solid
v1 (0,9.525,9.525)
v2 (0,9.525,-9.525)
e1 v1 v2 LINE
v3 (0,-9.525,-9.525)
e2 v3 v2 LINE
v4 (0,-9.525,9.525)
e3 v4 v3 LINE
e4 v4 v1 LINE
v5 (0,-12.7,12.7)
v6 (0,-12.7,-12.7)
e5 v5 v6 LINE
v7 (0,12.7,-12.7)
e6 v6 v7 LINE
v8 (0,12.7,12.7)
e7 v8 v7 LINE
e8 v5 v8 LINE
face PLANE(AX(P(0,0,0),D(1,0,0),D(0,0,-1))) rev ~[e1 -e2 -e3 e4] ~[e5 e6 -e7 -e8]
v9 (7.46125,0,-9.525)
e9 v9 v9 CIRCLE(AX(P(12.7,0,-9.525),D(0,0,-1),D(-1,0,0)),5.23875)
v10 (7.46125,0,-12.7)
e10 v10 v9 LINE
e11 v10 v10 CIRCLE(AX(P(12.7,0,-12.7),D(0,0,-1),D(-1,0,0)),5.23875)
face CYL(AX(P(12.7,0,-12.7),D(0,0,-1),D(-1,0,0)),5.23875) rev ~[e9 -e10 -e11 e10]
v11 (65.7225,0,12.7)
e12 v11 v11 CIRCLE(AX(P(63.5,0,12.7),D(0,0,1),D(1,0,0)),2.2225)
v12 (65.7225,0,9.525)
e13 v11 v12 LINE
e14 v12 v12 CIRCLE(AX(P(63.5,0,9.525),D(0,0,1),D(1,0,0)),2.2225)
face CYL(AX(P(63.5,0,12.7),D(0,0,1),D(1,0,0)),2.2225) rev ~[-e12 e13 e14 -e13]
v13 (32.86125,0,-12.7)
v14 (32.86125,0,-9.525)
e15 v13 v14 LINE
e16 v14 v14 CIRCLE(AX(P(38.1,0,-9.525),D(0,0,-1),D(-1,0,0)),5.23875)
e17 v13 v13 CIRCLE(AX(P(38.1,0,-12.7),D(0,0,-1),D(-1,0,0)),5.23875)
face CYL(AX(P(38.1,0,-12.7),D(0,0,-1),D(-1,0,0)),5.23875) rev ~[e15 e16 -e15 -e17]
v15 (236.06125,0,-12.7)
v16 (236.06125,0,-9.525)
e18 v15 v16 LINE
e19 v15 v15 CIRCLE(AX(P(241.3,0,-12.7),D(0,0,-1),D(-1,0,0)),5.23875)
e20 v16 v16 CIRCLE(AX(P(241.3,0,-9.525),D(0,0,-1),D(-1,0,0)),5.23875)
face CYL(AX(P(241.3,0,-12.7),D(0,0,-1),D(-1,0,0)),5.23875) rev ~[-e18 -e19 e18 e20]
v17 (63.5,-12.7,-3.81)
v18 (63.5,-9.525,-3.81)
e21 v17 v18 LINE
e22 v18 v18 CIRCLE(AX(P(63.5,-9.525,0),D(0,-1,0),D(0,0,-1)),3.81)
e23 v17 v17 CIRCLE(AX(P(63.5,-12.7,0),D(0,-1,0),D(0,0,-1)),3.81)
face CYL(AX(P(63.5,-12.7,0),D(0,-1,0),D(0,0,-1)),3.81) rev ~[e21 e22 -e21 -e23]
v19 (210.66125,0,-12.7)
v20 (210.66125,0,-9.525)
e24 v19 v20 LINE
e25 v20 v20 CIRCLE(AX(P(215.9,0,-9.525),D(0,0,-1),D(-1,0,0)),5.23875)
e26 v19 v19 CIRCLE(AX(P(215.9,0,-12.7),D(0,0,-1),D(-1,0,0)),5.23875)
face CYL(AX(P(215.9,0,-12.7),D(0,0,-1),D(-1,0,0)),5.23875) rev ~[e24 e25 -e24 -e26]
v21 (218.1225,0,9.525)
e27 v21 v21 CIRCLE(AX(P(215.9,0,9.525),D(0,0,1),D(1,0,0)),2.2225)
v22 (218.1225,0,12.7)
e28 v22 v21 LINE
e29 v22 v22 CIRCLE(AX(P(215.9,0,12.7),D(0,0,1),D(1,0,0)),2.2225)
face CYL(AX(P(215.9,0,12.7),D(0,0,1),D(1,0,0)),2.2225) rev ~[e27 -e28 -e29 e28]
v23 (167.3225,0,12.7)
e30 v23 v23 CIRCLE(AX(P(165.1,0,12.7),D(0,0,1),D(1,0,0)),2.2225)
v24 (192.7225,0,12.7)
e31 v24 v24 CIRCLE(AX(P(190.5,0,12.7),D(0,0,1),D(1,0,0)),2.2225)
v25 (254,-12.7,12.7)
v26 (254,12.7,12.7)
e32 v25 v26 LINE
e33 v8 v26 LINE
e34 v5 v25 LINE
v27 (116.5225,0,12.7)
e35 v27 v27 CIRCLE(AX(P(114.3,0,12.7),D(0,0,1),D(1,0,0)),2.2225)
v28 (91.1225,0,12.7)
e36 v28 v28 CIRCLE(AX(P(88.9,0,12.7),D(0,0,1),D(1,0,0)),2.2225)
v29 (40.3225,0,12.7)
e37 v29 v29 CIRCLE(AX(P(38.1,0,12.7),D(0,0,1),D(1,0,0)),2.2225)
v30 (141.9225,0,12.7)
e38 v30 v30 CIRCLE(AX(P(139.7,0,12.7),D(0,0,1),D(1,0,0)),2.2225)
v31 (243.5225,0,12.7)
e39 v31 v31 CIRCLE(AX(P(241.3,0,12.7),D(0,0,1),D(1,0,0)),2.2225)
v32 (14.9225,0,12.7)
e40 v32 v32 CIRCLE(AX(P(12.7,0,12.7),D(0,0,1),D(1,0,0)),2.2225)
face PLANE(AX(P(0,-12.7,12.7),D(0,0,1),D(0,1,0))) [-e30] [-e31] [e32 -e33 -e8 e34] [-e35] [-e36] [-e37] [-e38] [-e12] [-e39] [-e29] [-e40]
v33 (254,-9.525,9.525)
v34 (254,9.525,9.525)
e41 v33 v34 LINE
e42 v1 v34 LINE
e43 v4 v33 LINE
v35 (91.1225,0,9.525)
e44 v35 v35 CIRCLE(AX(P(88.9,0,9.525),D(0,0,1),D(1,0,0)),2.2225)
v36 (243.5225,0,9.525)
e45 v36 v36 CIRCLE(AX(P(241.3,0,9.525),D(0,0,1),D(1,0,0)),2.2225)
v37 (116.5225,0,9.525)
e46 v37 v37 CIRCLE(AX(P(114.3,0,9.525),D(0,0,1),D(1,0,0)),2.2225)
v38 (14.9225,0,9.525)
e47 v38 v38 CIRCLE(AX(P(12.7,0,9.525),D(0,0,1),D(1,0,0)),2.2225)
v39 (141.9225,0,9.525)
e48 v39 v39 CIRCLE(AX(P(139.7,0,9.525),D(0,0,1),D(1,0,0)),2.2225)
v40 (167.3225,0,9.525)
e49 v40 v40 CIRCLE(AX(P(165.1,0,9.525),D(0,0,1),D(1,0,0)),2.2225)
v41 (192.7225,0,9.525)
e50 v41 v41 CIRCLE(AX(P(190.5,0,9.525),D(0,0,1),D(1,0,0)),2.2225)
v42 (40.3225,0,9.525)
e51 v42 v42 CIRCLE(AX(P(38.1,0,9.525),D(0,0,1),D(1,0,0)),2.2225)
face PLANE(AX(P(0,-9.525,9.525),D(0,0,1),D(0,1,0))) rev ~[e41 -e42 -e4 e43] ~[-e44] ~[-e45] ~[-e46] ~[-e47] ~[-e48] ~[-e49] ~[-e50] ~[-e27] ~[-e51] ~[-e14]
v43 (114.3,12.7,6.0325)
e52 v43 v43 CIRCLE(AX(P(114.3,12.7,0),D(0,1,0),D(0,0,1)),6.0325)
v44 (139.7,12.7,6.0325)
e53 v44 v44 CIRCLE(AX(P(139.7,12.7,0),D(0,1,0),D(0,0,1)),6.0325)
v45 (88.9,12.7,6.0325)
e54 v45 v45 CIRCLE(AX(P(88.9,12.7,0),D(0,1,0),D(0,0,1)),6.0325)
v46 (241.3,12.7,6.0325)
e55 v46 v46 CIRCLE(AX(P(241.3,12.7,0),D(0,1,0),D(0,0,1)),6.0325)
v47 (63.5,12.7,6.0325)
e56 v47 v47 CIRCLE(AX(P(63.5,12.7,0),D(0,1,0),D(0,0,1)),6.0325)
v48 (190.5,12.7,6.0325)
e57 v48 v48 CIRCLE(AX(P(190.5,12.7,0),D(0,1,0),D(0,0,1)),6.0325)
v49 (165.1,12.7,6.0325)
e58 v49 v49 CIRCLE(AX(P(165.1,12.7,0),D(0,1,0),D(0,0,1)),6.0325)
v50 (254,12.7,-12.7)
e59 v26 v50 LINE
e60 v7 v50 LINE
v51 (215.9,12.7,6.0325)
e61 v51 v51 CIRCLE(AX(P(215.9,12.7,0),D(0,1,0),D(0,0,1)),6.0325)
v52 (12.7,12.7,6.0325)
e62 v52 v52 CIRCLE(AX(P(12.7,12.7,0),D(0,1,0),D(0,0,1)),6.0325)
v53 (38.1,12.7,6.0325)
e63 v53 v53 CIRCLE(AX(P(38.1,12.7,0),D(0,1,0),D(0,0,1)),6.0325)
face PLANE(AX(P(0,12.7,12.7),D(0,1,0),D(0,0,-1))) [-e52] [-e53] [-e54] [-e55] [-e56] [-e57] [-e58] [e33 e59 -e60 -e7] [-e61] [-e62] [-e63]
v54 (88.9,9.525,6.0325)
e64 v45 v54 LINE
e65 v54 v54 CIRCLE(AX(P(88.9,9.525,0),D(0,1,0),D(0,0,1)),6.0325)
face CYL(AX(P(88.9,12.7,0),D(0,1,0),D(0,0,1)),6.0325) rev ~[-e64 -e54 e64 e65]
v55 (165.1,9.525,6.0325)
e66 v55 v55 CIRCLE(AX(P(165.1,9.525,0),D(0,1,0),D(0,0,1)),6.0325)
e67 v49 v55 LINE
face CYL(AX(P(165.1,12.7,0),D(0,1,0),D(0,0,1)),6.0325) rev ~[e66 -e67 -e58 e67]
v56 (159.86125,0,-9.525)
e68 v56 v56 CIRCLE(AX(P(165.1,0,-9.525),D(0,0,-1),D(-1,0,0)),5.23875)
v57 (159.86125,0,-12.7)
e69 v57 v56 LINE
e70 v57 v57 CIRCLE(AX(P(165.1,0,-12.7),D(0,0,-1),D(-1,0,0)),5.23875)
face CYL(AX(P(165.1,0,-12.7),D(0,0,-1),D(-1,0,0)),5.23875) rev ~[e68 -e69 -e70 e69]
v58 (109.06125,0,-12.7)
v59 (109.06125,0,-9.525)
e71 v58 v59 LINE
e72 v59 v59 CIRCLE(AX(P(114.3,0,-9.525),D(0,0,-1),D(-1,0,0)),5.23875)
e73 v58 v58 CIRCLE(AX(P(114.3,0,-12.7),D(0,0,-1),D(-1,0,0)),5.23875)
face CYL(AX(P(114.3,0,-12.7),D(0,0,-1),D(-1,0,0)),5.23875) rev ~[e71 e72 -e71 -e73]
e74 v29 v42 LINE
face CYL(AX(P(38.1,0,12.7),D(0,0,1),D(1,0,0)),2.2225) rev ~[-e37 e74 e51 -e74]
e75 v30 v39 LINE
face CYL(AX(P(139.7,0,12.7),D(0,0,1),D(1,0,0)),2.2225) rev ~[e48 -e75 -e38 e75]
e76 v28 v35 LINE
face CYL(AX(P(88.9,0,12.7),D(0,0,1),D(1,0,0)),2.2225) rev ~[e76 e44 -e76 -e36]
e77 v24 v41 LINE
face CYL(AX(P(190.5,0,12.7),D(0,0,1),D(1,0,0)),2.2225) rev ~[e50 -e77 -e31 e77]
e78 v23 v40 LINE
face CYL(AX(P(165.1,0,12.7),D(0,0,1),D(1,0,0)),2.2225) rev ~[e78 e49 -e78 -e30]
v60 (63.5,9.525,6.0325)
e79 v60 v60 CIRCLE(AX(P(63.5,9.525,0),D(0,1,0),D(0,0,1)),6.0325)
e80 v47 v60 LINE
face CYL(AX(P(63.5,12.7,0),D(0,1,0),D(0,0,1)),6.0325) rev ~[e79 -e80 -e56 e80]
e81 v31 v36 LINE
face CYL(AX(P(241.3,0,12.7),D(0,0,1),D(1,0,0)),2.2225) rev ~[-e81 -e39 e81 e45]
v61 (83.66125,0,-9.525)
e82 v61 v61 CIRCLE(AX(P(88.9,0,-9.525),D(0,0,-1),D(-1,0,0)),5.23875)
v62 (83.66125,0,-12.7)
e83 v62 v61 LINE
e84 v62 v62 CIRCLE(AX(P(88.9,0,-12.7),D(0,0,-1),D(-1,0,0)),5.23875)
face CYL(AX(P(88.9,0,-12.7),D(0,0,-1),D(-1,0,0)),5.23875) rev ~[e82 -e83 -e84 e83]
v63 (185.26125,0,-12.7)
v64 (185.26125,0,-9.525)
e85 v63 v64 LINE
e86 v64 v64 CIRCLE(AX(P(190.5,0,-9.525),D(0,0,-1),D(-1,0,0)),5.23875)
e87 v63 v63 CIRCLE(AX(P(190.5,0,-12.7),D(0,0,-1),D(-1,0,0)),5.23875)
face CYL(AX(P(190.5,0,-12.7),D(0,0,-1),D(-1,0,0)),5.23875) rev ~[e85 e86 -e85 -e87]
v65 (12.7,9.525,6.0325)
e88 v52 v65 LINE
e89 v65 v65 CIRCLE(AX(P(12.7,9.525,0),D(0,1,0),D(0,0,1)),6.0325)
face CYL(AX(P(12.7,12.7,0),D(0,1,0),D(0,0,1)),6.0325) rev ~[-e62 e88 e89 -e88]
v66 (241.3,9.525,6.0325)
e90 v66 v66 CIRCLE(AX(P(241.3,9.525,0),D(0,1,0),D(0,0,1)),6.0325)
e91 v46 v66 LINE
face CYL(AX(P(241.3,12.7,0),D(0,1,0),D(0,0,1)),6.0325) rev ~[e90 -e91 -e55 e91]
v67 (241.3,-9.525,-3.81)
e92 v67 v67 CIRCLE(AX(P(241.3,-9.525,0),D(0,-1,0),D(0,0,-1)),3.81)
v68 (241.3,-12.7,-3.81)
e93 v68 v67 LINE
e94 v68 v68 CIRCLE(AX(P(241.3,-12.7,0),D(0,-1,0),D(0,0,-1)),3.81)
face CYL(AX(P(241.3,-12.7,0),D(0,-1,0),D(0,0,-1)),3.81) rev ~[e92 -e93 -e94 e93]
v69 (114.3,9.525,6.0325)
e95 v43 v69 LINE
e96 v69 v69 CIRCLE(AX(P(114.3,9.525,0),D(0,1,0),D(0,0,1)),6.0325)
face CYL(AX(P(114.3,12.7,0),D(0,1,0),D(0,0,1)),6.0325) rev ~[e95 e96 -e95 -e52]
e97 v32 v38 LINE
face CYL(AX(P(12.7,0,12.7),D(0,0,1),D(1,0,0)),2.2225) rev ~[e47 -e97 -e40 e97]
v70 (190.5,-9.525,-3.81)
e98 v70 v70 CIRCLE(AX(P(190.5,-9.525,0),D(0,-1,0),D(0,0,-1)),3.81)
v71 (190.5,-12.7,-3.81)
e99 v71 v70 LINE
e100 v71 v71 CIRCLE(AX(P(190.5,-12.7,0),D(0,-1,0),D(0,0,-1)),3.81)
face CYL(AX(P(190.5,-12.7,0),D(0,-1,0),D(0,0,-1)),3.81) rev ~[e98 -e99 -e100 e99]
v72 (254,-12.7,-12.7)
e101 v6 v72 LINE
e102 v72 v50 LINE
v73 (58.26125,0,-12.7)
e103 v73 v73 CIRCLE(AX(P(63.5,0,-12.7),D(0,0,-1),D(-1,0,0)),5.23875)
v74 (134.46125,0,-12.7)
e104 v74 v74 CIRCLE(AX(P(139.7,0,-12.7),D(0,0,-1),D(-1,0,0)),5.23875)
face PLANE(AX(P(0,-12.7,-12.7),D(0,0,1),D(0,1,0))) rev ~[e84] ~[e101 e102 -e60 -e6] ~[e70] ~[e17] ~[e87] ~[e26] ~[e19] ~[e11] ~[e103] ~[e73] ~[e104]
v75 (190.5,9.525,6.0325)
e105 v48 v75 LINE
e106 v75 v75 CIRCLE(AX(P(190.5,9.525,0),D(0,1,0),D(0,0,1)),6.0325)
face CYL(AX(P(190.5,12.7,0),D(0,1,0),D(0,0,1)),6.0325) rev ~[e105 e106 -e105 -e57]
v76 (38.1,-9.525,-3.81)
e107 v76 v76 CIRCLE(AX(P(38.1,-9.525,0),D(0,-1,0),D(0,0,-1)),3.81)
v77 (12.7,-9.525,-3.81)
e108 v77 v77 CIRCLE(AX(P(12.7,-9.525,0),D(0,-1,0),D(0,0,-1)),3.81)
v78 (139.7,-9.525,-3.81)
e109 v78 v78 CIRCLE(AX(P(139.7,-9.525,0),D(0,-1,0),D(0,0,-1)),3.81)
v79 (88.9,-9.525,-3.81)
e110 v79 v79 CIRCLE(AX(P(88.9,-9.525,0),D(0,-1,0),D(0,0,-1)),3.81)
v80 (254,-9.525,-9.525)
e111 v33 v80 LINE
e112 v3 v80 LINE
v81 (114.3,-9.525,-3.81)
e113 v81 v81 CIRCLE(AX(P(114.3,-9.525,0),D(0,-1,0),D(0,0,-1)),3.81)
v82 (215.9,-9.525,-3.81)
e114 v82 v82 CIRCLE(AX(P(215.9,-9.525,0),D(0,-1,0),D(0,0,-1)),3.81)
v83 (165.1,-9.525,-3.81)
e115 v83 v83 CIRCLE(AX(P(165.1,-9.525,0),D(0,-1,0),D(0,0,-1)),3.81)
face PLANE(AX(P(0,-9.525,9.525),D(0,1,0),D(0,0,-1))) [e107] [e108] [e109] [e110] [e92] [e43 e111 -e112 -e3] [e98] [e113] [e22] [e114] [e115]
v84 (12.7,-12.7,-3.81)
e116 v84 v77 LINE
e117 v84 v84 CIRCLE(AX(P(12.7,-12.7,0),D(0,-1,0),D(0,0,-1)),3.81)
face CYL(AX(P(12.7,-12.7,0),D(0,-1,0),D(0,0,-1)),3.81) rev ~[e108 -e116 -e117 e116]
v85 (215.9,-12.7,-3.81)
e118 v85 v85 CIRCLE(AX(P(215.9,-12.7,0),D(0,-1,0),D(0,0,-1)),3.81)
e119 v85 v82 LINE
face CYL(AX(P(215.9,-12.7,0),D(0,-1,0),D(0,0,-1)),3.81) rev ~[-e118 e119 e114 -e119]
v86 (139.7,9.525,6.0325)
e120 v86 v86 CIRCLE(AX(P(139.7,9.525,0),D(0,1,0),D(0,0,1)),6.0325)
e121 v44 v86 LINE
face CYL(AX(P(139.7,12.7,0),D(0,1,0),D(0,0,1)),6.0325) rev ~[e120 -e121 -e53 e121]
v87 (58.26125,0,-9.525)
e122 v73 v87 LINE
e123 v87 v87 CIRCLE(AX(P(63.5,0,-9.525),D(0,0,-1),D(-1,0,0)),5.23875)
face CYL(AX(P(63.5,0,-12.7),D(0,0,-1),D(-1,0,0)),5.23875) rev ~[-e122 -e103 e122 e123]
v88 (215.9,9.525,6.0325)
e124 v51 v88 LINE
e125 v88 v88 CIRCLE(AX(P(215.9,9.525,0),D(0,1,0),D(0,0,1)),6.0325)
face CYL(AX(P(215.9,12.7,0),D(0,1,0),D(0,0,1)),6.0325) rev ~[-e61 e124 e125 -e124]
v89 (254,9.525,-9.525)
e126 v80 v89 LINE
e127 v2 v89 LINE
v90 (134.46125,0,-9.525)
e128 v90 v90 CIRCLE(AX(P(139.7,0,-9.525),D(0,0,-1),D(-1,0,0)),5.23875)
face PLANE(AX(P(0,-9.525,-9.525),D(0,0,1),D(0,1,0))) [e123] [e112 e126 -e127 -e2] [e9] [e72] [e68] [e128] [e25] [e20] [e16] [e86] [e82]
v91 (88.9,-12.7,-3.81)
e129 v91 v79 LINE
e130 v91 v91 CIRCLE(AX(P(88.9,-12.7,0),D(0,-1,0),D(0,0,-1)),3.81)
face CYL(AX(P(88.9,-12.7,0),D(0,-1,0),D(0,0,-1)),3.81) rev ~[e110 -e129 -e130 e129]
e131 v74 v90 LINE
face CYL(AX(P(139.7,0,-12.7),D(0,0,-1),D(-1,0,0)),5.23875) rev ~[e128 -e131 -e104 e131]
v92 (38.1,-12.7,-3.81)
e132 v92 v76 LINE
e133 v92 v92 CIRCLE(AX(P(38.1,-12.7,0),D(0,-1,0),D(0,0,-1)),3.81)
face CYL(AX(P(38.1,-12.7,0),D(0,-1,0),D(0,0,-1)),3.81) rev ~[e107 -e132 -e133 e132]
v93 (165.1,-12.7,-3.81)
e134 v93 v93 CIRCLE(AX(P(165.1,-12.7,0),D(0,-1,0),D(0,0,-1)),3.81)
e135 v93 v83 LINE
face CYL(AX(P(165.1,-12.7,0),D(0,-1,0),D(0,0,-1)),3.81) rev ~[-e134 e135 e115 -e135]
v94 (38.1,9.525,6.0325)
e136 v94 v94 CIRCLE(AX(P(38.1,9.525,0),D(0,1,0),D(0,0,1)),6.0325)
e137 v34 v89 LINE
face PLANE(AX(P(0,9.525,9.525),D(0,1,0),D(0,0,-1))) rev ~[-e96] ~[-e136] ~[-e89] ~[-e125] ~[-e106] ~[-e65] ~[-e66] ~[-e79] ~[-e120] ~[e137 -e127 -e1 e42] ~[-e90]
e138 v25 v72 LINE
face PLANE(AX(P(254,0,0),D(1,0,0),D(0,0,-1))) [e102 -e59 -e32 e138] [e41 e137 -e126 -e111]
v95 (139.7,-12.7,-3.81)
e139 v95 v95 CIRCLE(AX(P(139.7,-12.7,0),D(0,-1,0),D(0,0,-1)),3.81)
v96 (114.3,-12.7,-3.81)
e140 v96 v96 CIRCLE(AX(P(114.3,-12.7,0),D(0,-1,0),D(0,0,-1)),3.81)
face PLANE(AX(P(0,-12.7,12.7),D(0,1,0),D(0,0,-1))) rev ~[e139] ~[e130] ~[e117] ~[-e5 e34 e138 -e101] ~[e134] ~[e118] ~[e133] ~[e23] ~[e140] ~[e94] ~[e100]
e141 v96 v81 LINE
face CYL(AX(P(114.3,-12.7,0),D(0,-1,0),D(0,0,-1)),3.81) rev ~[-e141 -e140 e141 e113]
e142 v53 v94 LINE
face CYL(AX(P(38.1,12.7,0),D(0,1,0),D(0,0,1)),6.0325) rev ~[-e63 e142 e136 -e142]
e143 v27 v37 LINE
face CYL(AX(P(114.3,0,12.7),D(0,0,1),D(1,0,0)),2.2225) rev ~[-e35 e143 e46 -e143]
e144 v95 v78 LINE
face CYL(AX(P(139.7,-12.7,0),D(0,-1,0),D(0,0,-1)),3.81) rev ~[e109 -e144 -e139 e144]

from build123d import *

# Parameters (mm, degrees)
SKETCH2_W           = 25.4
SKETCH2_H           = 25.4
SKETCH2_W_2         = 19.05
SKETCH2_H_2         = 19.05
BOSS_EXTRUDE1_DEPTH = 254
SKETCH3_R           = 6.0325
CUT_EXTRUDE1_DEPTH  = 3.175
SKETCH4_R           = 3.81
CUT_EXTRUDE2_DEPTH  = 3.175
LPATTERN1_COUNT     = 10
LPATTERN1_PITCH     = 25.4
SKETCH6_R           = 2.2225
CUT_EXTRUDE3_DEPTH  = 3.175
SKETCH7_R           = 5.23875
CUT_EXTRUDE4_DEPTH  = 3.175
LPATTERN2_COUNT     = 10
LPATTERN2_PITCH     = 25.4


with BuildPart() as part:
    # Sketch2 → Boss-Extrude1 (new body)
    with BuildSketch(Plane(origin=(0, 0, 0), x_dir=(0, 0, -1), z_dir=(1, 0, 0))):
        Rectangle(SKETCH2_W, SKETCH2_H)
        Rectangle(SKETCH2_W_2, SKETCH2_H_2, mode=Mode.SUBTRACT)
    extrude(amount=BOSS_EXTRUDE1_DEPTH)

    # Sketch3 → Cut-Extrude1 (cut)
    with BuildSketch(Plane(origin=(0, 12.7, 0), x_dir=(1, 0, 0), z_dir=(0, 1, 0))):
        with Locations(Location((12.7, 0, 0), (0, 0, 270))):
            Circle(SKETCH3_R)
    cut_extrude1 = extrude(amount=-CUT_EXTRUDE1_DEPTH, mode=Mode.SUBTRACT)

    # Sketch4 → Cut-Extrude2 (cut)
    with BuildSketch(Plane.XZ.offset(12.7)):
        with Locations(Location((12.7, 0, 0), (0, 0, 270))):
            Circle(SKETCH4_R)
    cut_extrude2 = extrude(amount=-CUT_EXTRUDE2_DEPTH, mode=Mode.SUBTRACT)

    # LPattern1: Cut-Extrude1, Cut-Extrude2 ×10
    with Locations(*[(i * LPATTERN1_PITCH, 0, 0) for i in range(1, LPATTERN1_COUNT)]):
        add(cut_extrude1, mode=Mode.SUBTRACT)
        add(cut_extrude2, mode=Mode.SUBTRACT)

    # Sketch6 → Cut-Extrude3 (cut)
    with BuildSketch(Plane.XY.offset(12.7)):
        with Locations((12.7, 0)):
            Circle(SKETCH6_R)
    cut_extrude3 = extrude(amount=-CUT_EXTRUDE3_DEPTH, mode=Mode.SUBTRACT)

    # Sketch7 → Cut-Extrude4 (cut)
    with BuildSketch(Plane(origin=(0, 0, -12.7), x_dir=(-1, 0, 0), z_dir=(0, 0, -1))):
        with Locations((-12.7, 0)):
            Circle(SKETCH7_R)
    cut_extrude4 = extrude(amount=-CUT_EXTRUDE4_DEPTH, mode=Mode.SUBTRACT)

    # LPattern2: Cut-Extrude3, Cut-Extrude4 ×10
    with Locations(*[(i * LPATTERN2_PITCH, 0, 0) for i in range(1, LPATTERN2_COUNT)]):
        add(cut_extrude3, mode=Mode.SUBTRACT)
        add(cut_extrude4, mode=Mode.SUBTRACT)


solid = part.part
